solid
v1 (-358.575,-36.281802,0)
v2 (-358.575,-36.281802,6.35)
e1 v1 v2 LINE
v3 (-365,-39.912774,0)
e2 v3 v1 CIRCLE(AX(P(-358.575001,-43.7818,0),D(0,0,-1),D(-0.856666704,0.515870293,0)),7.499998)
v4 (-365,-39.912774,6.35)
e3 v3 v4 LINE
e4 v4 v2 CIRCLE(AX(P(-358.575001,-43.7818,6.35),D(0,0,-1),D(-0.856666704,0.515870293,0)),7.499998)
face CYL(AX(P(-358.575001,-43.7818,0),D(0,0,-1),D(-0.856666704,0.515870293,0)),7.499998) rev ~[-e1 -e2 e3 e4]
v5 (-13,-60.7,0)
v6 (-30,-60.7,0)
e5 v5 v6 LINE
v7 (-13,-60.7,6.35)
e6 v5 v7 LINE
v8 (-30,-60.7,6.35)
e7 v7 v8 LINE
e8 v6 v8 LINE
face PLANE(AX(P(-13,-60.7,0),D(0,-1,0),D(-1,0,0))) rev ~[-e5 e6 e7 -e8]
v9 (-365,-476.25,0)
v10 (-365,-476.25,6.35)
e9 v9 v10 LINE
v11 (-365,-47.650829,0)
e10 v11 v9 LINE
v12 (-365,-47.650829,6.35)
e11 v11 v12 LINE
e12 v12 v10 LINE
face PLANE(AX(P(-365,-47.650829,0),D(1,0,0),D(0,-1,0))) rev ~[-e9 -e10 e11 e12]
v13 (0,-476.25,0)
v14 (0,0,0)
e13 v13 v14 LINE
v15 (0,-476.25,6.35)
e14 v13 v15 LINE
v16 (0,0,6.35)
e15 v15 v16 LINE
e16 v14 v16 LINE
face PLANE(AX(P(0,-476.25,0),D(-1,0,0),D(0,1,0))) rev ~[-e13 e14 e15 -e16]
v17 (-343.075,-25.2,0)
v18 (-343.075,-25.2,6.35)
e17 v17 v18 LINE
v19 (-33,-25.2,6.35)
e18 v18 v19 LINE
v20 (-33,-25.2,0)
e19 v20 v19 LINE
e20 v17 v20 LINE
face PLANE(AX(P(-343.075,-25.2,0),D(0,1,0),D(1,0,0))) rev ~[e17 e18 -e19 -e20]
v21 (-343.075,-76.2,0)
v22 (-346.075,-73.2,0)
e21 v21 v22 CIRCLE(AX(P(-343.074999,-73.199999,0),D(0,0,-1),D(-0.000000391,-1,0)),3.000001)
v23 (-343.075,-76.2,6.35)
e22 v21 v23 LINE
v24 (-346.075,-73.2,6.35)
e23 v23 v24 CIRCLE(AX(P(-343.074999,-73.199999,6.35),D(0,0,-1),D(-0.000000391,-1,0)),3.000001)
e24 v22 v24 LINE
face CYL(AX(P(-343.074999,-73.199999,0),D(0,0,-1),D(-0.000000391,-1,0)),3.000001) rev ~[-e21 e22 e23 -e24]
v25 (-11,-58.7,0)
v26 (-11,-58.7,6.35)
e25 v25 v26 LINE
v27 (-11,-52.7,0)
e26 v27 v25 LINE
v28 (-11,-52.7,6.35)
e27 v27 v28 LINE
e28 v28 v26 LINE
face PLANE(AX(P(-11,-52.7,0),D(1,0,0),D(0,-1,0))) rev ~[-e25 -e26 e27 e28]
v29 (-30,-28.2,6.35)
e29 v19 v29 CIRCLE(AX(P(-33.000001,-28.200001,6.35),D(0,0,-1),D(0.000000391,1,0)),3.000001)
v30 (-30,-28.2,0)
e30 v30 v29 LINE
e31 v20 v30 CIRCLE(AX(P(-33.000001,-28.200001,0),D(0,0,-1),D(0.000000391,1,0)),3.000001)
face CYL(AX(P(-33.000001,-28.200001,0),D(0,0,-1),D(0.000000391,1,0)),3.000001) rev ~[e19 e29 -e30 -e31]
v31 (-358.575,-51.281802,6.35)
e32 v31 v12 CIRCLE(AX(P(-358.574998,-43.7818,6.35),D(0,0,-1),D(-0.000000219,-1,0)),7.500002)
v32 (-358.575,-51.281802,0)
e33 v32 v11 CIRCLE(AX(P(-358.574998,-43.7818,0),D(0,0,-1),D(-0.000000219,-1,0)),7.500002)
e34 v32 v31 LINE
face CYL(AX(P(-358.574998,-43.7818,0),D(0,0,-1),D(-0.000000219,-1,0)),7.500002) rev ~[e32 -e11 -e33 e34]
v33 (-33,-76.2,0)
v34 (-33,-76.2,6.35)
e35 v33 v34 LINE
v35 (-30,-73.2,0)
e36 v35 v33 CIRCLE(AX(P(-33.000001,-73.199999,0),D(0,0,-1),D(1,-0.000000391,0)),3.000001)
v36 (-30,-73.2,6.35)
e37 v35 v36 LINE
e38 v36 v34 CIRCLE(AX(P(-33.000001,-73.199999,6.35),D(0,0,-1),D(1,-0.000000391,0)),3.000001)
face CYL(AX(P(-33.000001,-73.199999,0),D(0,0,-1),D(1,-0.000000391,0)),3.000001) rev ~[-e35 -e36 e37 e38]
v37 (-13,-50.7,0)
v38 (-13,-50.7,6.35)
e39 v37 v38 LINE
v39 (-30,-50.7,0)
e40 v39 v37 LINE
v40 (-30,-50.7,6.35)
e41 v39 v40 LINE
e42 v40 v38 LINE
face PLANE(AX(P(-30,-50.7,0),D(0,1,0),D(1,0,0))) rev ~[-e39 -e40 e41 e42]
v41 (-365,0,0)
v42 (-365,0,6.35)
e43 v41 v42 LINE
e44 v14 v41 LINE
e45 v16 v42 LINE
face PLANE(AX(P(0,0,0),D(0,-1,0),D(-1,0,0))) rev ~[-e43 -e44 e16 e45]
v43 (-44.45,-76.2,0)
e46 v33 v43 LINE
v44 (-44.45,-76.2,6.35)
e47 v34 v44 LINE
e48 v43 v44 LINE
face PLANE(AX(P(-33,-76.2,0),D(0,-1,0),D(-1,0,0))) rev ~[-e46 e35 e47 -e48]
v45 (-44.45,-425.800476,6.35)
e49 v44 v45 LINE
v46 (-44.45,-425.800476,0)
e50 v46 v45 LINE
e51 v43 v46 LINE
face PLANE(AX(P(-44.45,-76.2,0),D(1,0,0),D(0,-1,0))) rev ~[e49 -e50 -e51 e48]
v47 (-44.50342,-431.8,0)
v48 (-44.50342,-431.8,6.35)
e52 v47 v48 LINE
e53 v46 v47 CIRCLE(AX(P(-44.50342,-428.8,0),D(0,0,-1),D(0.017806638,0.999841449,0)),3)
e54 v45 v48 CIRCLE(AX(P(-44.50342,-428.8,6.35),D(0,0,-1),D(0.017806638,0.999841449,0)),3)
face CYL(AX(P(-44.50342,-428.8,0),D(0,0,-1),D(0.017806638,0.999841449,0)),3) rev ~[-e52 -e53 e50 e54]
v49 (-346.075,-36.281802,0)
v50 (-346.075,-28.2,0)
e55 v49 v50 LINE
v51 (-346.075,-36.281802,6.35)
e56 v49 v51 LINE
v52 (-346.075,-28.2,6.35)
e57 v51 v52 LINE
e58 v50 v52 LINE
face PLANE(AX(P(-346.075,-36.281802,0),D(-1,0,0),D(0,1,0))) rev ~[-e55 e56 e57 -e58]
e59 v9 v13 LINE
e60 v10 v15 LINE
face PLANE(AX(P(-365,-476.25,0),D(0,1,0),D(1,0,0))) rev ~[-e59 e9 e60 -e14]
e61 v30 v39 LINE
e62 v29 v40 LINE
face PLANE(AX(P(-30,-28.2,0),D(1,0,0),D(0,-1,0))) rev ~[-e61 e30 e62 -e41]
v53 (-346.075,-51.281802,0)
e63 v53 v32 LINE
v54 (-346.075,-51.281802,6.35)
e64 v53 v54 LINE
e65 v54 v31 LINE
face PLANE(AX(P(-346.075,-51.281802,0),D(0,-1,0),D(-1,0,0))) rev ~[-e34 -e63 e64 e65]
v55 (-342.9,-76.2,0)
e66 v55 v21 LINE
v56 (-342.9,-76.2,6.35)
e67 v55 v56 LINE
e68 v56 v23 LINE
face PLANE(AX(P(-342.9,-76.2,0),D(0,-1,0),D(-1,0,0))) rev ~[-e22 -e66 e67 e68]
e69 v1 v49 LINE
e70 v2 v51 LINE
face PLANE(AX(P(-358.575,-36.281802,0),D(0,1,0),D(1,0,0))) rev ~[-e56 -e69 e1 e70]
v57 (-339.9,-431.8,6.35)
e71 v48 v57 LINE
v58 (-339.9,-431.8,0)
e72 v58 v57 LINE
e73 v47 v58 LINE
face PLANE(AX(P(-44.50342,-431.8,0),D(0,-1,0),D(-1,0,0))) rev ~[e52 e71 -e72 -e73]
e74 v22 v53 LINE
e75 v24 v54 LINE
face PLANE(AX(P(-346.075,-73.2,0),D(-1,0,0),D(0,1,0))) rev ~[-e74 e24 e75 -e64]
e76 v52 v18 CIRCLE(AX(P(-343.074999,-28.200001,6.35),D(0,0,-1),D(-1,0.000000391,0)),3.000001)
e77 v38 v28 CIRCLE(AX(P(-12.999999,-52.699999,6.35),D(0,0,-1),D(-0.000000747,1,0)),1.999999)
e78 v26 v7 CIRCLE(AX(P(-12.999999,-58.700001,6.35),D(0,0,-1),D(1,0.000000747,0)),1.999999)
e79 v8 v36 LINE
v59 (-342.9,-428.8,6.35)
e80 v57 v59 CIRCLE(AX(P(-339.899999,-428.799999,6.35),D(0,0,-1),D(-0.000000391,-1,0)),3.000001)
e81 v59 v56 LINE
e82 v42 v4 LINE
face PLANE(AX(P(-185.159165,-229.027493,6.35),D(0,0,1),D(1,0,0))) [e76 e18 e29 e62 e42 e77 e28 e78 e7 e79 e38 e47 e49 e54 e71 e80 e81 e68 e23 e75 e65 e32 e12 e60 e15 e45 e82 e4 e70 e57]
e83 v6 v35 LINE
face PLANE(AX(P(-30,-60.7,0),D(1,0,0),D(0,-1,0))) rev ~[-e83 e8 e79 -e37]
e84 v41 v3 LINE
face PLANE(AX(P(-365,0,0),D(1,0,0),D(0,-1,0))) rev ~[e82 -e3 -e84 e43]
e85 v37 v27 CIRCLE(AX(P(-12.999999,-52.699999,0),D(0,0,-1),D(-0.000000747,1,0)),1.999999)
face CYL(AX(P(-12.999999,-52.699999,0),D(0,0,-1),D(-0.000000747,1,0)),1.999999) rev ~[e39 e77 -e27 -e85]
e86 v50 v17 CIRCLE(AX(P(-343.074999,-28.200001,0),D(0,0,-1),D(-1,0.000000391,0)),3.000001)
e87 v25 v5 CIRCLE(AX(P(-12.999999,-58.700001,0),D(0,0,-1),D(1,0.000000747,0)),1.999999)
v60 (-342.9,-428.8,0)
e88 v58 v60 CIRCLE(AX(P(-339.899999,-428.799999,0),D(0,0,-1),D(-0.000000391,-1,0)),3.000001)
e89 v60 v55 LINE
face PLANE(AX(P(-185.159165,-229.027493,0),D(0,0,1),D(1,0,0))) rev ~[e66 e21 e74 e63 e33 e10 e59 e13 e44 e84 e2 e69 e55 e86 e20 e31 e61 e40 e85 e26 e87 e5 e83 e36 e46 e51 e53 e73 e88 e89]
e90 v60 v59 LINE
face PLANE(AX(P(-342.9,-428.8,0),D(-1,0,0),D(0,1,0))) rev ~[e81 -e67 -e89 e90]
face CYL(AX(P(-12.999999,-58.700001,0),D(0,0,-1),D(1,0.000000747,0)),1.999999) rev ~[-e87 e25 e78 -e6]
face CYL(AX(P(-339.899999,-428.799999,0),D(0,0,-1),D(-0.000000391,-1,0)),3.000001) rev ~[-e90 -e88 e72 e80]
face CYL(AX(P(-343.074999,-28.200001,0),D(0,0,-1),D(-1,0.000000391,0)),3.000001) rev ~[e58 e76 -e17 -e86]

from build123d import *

# Parameters (mm, degrees)
F1_DEPTH = 6.35


with BuildPart() as f1:
    # F0 (on Top) → F1 (new body)
    with BuildSketch(Plane.XY):
        with BuildLine():
            Line((0, -107.95), (0, 0))
            Line((0, 0), (-365, 0))
            Line((-365, 0), (-365, -39.912774))
            ThreePointArc((-365, -39.912774), (-362.265006, -37.252341), (-358.575, -36.281802))
            Line((-358.575, -36.281802), (-346.075, -36.281802))
            Line((-346.075, -36.281802), (-346.075, -28.2))
            ThreePointArc((-346.075, -28.2), (-345.19632, -26.07868), (-343.075, -25.2))
            Line((-343.075, -25.2), (-33, -25.2))
            ThreePointArc((-33, -25.2), (-30.87868, -26.07868), (-30, -28.2))
            Line((-30, -28.2), (-30, -50.7))
            Line((-30, -50.7), (-13, -50.7))
            ThreePointArc((-13, -50.7), (-11.585786, -51.285786), (-11, -52.7))
            Line((-11, -52.7), (-11, -58.7))
            ThreePointArc((-11, -58.7), (-11.585786, -60.114214), (-13, -60.7))
            Line((-13, -60.7), (-30, -60.7))
            Line((-30, -60.7), (-30, -73.2))
            ThreePointArc((-30, -73.2), (-30.87868, -75.32132), (-33, -76.2))
            Line((-33, -76.2), (-44.45, -76.2))
            Line((-44.45, -76.2), (-44.45, -425.800476))
            ThreePointArc((-44.45, -425.800476), (-41.503539, -428.826711), (-44.50342, -431.8))
            Line((-44.50342, -431.8), (-339.9, -431.8))
            ThreePointArc((-339.9, -431.8), (-342.02132, -430.92132), (-342.9, -428.8))
            Line((-342.9, -428.8), (-342.9, -107.95))
            Line((-342.9, -107.95), (-342.9, -76.2))
            Line((-342.9, -76.2), (-343.075, -76.2))
            ThreePointArc((-343.075, -76.2), (-345.19632, -75.32132), (-346.075, -73.2))
            Line((-346.075, -73.2), (-346.075, -51.281802))
            Line((-346.075, -51.281802), (-358.575, -51.281802))
            ThreePointArc((-358.575, -51.281802), (-362.265006, -50.311262), (-365, -47.650829))
            Line((-365, -47.650829), (-365, -107.95))
            Line((-365, -107.95), (-365, -476.25))
            Line((-365, -476.25), (0, -476.25))
            Line((0, -476.25), (0, -107.95))
        make_face()
    extrude(amount=F1_DEPTH)


solid = f1.part
